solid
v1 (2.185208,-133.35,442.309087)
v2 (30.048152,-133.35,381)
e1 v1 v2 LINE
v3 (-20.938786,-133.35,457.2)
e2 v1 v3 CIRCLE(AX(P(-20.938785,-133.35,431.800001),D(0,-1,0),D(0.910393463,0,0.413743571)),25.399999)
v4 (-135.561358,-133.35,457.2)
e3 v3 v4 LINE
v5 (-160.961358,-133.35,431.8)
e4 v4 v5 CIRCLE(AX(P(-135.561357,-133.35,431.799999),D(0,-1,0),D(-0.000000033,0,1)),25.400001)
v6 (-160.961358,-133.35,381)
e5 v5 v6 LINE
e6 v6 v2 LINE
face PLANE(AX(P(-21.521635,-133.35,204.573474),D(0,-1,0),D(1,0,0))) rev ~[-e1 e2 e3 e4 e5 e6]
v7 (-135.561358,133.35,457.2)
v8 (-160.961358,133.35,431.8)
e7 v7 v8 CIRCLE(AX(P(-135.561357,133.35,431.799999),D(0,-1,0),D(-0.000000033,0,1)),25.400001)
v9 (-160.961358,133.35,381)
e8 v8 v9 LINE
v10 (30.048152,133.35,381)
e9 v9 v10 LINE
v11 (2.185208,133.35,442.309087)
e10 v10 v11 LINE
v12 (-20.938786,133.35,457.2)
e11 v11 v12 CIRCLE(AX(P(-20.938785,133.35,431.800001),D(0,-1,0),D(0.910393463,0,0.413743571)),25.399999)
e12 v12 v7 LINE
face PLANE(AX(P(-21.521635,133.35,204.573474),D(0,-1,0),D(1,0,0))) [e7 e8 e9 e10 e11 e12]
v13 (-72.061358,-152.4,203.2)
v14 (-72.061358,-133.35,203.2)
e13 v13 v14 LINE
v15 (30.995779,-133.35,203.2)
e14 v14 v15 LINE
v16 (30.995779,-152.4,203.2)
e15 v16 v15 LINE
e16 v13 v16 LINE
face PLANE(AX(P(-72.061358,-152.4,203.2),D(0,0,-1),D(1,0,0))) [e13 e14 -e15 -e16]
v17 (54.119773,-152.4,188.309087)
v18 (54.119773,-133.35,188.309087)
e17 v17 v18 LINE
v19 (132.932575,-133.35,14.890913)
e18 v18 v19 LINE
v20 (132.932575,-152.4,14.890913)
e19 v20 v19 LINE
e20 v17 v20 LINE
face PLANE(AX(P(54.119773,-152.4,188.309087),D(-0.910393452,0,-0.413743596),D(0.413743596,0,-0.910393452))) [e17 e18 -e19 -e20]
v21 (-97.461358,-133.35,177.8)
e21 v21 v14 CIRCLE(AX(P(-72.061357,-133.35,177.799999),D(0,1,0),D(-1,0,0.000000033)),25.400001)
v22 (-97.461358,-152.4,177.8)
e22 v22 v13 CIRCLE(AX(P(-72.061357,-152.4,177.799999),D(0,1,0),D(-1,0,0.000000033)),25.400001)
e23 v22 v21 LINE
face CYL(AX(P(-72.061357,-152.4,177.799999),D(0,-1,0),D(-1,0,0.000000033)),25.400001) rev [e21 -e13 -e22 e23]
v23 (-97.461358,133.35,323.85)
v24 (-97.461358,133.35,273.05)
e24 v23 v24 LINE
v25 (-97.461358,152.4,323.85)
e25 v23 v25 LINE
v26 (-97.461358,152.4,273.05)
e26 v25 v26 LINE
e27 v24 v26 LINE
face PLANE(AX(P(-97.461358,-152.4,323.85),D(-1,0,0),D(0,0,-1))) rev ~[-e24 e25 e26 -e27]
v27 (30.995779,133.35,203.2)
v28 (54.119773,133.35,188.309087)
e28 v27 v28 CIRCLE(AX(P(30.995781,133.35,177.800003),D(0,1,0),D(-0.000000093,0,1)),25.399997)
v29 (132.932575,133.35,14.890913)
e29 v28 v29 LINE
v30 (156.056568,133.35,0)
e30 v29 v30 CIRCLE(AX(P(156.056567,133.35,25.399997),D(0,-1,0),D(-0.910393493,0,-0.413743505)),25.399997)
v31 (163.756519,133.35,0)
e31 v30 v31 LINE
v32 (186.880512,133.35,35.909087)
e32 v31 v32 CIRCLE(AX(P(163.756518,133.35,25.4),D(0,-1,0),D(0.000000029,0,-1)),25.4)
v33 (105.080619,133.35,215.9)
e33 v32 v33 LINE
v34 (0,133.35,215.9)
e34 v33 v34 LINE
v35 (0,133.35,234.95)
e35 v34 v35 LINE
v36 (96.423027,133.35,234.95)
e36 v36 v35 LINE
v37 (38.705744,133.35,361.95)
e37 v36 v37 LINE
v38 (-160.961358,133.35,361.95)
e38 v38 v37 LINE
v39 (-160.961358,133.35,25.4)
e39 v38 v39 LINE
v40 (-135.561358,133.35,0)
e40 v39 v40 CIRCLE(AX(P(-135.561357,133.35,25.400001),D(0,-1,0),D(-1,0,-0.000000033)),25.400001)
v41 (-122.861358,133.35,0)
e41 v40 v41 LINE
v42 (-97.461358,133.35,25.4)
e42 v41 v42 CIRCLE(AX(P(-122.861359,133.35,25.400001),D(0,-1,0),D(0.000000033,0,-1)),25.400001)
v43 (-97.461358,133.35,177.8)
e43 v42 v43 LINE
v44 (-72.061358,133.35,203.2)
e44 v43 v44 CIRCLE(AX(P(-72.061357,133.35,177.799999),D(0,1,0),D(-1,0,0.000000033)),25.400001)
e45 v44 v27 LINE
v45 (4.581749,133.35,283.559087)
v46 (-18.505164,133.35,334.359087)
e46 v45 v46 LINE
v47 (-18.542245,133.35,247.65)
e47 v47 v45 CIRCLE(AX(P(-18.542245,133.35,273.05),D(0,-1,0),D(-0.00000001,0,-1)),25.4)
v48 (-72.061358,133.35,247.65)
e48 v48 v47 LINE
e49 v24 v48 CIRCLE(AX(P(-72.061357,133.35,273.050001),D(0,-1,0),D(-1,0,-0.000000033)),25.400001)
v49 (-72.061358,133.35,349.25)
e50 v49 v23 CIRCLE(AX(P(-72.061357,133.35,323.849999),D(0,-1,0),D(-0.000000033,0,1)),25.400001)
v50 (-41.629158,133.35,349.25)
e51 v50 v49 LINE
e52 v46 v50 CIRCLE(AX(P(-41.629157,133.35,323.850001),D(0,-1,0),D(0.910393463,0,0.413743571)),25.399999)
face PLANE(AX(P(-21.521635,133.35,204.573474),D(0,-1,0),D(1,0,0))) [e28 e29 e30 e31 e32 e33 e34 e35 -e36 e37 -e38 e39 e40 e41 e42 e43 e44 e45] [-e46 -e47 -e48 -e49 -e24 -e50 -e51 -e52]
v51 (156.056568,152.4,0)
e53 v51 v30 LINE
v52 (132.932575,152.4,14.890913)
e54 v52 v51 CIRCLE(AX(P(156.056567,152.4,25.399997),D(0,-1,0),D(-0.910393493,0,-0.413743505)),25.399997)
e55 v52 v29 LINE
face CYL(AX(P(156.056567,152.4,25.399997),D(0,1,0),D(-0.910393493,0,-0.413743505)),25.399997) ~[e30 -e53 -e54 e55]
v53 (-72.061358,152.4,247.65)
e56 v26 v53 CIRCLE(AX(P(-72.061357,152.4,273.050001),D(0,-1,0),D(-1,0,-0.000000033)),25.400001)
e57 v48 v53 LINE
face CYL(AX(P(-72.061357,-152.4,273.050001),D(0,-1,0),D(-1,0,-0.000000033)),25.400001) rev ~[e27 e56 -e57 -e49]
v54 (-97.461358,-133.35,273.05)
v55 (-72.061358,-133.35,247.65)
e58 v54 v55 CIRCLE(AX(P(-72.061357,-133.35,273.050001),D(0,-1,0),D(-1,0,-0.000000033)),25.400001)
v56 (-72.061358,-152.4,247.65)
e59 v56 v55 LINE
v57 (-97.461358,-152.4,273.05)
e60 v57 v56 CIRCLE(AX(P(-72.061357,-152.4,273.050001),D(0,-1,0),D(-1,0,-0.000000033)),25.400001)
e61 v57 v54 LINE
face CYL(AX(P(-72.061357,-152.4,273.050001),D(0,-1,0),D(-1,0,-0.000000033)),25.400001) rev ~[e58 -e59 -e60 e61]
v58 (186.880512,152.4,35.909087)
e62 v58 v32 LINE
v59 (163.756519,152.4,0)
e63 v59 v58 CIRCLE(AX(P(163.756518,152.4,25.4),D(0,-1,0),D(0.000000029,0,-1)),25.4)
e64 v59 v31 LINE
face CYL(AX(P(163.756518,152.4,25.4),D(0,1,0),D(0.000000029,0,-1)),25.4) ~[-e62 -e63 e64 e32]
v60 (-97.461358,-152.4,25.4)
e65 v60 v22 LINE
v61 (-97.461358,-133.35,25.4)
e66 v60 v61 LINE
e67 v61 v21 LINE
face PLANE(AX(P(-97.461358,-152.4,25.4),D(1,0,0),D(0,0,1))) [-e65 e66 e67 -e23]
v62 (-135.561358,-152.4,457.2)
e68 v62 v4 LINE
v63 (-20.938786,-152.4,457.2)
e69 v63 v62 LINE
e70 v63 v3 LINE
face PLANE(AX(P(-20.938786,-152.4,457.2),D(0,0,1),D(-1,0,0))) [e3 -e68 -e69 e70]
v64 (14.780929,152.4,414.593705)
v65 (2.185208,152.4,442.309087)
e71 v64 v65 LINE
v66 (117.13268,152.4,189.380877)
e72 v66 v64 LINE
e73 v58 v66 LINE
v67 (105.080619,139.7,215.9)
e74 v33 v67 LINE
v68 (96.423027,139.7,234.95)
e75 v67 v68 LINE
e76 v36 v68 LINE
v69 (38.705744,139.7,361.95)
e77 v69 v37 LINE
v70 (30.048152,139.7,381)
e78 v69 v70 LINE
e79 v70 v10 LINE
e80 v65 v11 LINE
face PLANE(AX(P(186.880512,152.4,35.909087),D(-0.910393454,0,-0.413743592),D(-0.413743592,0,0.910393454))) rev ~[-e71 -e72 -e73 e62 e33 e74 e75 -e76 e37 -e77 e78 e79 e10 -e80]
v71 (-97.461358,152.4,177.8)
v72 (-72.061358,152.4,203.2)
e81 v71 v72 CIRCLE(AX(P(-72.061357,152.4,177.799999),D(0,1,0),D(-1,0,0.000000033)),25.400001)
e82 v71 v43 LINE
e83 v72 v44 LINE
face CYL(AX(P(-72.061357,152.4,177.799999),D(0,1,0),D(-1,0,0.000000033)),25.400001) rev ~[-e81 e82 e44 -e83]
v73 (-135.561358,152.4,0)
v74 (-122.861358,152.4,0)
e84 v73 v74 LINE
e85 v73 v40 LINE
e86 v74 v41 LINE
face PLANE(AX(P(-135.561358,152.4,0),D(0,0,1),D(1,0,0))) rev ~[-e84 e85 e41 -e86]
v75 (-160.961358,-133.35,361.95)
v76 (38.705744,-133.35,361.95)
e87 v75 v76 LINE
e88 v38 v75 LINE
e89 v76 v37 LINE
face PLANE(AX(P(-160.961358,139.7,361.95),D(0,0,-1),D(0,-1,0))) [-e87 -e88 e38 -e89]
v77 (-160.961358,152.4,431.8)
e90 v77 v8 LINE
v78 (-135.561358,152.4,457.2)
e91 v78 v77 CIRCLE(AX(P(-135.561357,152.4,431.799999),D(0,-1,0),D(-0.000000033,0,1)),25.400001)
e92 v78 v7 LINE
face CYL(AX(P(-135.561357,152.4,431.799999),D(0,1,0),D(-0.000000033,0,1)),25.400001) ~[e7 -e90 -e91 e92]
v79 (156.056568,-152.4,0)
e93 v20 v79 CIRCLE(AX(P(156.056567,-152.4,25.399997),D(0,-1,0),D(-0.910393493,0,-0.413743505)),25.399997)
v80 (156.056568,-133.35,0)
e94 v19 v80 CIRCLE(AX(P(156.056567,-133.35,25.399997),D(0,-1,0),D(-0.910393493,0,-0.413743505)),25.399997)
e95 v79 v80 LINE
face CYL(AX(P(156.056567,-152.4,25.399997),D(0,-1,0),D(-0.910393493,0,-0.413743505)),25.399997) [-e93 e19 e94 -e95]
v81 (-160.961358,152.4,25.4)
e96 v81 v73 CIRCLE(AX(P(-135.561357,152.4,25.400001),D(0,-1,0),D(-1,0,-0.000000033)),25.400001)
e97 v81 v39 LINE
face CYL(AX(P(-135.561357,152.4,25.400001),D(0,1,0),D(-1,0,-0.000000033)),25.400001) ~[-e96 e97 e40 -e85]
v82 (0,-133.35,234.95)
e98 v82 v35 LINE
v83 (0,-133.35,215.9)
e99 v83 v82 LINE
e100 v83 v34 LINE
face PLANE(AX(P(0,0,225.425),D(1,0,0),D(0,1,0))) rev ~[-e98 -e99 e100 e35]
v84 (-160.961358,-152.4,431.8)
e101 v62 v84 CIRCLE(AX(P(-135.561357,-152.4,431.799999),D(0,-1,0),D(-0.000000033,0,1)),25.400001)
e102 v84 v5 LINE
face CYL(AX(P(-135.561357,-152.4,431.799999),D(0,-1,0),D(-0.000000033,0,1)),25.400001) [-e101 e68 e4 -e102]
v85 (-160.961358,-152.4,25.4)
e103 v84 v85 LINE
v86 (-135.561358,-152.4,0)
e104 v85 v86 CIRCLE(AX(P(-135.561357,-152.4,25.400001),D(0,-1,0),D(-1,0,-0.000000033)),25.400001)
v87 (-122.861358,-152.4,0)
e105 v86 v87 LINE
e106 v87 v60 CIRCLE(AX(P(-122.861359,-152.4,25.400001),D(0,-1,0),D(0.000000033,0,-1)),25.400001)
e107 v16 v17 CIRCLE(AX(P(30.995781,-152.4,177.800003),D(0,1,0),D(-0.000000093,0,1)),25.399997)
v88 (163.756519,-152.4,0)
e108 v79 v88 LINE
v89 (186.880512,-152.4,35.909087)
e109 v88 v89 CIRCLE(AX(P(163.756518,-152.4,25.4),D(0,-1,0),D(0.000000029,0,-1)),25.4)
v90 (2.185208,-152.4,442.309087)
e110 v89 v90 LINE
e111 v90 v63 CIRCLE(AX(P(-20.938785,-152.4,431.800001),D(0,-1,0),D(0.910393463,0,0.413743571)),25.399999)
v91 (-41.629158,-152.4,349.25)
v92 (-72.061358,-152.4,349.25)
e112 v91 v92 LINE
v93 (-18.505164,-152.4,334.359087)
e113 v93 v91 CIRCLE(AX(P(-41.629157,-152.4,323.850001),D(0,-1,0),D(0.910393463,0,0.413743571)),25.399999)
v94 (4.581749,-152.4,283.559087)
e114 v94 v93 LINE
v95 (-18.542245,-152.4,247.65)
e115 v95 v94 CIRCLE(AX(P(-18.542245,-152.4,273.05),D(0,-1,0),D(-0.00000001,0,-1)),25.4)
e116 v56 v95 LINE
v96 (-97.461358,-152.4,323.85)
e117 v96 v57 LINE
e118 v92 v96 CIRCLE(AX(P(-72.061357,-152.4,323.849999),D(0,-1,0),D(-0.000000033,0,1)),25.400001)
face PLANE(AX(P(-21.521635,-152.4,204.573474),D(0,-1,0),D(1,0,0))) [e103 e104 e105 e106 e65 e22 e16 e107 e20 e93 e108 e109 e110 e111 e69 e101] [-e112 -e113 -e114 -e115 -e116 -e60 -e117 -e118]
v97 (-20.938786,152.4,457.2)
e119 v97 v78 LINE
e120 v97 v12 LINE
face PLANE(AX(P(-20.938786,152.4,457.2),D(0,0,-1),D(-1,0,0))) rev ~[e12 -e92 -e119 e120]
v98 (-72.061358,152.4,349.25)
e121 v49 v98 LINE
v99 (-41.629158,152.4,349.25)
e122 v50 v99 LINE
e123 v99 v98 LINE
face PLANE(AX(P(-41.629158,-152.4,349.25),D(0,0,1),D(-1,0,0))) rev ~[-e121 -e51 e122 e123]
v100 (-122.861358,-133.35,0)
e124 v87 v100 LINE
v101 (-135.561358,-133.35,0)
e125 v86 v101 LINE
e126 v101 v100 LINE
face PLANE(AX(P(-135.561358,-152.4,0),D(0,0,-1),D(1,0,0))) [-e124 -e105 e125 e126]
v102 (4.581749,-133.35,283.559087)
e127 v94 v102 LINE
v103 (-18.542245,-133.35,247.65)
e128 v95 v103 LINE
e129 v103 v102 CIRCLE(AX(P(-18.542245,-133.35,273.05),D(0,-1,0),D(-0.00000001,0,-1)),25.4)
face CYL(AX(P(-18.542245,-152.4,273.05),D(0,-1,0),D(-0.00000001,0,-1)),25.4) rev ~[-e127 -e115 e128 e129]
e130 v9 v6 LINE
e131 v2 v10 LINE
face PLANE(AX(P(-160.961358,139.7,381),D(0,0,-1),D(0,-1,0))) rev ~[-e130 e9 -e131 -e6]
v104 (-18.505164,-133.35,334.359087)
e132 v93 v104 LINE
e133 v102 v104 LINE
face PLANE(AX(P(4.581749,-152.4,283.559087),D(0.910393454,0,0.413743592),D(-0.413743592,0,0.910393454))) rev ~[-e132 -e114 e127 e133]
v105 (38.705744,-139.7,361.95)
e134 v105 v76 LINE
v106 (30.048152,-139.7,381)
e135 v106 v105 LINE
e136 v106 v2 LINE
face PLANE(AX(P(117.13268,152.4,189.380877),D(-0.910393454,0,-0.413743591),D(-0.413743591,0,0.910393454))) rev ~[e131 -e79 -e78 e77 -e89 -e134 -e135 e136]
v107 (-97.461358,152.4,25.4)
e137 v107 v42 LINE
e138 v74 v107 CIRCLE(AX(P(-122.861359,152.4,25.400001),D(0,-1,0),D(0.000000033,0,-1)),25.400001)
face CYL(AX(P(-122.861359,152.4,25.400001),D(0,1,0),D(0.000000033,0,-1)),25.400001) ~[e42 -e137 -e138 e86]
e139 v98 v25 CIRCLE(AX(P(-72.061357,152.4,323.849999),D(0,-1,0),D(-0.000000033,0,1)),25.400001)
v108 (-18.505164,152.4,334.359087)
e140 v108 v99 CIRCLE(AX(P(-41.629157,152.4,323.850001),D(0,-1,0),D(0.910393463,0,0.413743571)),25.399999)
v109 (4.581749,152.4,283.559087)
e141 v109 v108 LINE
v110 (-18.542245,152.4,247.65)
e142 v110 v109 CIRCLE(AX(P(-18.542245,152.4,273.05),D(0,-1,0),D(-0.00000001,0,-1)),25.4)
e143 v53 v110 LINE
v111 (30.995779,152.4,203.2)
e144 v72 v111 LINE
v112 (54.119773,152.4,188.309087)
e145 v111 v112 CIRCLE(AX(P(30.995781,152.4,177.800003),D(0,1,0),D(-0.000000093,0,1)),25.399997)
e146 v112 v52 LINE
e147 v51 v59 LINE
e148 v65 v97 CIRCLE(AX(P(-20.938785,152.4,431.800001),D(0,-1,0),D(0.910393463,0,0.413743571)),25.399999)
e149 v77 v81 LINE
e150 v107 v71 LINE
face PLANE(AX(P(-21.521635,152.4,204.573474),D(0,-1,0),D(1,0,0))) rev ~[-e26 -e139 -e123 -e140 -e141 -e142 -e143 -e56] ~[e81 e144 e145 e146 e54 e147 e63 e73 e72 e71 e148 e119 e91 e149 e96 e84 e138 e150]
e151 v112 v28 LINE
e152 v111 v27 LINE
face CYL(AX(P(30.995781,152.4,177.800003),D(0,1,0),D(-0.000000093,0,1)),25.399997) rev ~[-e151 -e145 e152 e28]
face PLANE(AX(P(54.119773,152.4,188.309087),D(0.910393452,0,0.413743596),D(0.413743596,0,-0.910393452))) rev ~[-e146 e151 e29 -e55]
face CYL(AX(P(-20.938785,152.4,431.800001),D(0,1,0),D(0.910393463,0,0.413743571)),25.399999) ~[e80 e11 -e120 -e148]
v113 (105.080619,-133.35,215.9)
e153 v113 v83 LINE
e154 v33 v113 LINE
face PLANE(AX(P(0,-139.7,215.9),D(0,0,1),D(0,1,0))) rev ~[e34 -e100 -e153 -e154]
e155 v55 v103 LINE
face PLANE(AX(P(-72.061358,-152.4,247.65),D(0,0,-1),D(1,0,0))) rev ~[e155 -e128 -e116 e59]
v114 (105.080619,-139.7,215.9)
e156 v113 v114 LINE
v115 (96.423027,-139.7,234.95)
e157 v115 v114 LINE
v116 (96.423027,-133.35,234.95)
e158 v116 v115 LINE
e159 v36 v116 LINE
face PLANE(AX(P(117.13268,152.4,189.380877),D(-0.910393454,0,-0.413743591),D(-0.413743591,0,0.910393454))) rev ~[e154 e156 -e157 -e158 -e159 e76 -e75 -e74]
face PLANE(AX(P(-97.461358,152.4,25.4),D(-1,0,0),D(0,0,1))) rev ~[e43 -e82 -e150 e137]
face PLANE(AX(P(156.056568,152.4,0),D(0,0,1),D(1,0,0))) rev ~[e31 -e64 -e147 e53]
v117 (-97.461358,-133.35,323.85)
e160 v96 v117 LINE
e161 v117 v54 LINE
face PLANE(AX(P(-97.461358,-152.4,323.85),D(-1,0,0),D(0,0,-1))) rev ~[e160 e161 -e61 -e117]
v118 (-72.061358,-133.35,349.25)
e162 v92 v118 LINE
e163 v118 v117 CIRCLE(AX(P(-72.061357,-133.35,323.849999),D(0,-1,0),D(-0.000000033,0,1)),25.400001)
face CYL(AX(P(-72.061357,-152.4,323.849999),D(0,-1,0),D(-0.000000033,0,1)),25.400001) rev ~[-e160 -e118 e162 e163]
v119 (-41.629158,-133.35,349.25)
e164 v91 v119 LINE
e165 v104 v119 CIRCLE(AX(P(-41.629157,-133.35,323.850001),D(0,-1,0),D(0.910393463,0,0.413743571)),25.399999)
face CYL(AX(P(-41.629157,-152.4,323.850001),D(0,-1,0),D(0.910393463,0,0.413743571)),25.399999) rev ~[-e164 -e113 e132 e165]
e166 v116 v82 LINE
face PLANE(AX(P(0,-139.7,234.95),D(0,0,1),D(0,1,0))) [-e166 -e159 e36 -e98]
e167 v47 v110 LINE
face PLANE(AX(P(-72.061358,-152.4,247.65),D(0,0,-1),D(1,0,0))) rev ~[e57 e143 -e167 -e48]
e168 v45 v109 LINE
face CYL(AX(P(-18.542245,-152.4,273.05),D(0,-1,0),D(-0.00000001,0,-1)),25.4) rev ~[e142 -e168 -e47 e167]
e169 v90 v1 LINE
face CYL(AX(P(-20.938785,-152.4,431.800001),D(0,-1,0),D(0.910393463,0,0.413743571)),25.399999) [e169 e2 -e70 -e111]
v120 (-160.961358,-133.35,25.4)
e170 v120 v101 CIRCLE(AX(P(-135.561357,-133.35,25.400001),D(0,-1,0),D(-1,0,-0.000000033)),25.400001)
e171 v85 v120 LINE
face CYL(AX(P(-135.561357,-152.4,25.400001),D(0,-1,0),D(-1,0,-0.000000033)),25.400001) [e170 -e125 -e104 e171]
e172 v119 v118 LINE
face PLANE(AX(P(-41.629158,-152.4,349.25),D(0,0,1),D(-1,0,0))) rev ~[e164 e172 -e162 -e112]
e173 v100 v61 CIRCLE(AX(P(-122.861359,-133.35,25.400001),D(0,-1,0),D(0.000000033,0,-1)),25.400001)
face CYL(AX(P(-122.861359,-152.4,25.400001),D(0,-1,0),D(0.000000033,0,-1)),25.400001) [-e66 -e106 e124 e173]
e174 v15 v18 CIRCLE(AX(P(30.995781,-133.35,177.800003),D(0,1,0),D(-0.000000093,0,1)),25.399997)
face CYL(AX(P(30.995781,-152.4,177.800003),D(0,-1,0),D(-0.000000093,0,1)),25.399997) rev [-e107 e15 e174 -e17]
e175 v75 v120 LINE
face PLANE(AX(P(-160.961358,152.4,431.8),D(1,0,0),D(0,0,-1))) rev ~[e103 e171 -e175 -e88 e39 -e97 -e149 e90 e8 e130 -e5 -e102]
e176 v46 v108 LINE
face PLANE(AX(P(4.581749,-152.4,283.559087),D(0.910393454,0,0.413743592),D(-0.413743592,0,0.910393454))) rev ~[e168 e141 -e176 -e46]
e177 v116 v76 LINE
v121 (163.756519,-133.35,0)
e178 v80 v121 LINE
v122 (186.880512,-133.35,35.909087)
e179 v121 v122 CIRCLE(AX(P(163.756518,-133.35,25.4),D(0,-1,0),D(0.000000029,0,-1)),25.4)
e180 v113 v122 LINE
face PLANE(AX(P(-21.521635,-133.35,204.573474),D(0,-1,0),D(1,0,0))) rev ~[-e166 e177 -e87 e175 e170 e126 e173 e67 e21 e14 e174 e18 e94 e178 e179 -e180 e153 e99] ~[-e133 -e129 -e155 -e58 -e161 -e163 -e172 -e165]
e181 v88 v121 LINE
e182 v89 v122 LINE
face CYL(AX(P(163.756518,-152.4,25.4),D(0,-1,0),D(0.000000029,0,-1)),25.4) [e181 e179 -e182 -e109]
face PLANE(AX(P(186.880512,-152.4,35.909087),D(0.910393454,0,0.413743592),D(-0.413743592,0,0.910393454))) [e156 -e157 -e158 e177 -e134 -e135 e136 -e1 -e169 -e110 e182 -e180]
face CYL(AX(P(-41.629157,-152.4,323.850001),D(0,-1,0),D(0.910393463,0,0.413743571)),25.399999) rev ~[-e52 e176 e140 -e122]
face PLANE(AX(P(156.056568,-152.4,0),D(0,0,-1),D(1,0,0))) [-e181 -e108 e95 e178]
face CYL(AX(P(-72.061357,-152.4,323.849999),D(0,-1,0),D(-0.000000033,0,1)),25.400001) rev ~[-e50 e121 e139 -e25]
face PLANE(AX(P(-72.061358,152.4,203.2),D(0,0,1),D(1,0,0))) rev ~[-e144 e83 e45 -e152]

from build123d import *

# Parameters (mm, degrees)
F5_DEPTH  = 19.05
F6_DEPTH  = 19.05
F7_W      = 279.4
F7_H      = 19.05
F8_DEPTH  = 112.776
F9_W      = 279.4
F9_H      = 19.05
F10_DEPTH = 209.804
F12_DEPTH = 375.92
F15_DEPTH = 313.436


with BuildPart() as f5:
    # F4 (on offset) → F5 (new body)
    with BuildSketch(Plane.XZ.offset(152.4)):
        with BuildLine():
            Line((156.056568, 0), (163.756519, 0))
            ThreePointArc((163.756519, 0), (185.111738, 11.648106), (186.880512, 35.909087))
            Line((186.880512, 35.909087), (2.185208, 442.309087))
            ThreePointArc((2.185208, 442.309087), (-7.186892, 453.15522), (-20.938786, 457.2))
            Line((-20.938786, 457.2), (-135.561358, 457.2))
            ThreePointArc((-135.561358, 457.2), (-153.52187, 449.760512), (-160.961358, 431.8))
            Line((-160.961358, 431.8), (-160.961358, 25.4))
            ThreePointArc((-160.961358, 25.4), (-153.52187, 7.439488), (-135.561358, 0))
            Line((-135.561358, 0), (-122.861358, 0))
            ThreePointArc((-122.861358, 0), (-104.900846, 7.439488), (-97.461358, 25.4))
            Line((-97.461358, 25.4), (-97.461358, 177.8))
            ThreePointArc((-97.461358, 177.8), (-90.02187, 195.760512), (-72.061358, 203.2))
            Line((-72.061358, 203.2), (30.995779, 203.2))
            ThreePointArc((30.995779, 203.2), (44.747674, 199.15522), (54.119773, 188.309087))
            Line((54.119773, 188.309087), (132.932575, 14.890913))
            ThreePointArc((132.932575, 14.890913), (142.304674, 4.04478), (156.056568, 0))
        make_face()
    extrude(amount=-F5_DEPTH)



with BuildPart() as f6:
    # F3 (on offset) → F6 (new body)
    with BuildSketch(Plane.XZ.offset(-152.4)):
        with BuildLine():
            Line((156.056568, 0), (163.756519, 0))
            ThreePointArc((163.756519, 0), (185.111738, 11.648106), (186.880512, 35.909087))
            Line((186.880512, 35.909087), (2.185208, 442.309087))
            ThreePointArc((2.185208, 442.309087), (-7.186892, 453.15522), (-20.938786, 457.2))
            Line((-20.938786, 457.2), (-135.561358, 457.2))
            ThreePointArc((-135.561358, 457.2), (-153.52187, 449.760512), (-160.961358, 431.8))
            Line((-160.961358, 431.8), (-160.961358, 25.4))
            ThreePointArc((-160.961358, 25.4), (-153.52187, 7.439488), (-135.561358, 0))
            Line((-135.561358, 0), (-122.861358, 0))
            ThreePointArc((-122.861358, 0), (-104.900846, 7.439488), (-97.461358, 25.4))
            Line((-97.461358, 25.4), (-97.461358, 177.8))
            ThreePointArc((-97.461358, 177.8), (-90.02187, 195.760512), (-72.061358, 203.2))
            Line((-72.061358, 203.2), (30.995779, 203.2))
            ThreePointArc((30.995779, 203.2), (44.747674, 199.15522), (54.119773, 188.309087))
            Line((54.119773, 188.309087), (132.932575, 14.890913))
            ThreePointArc((132.932575, 14.890913), (142.304674, 4.04478), (156.056568, 0))
        make_face()
    extrude(amount=F6_DEPTH)


with BuildPart() as f5_1:
    add(f5.part)

    add(f6.part)  # F8 merges F6
    # F7 (on Right) → F8 (join)
    with BuildSketch(Plane.YZ):
        with Locations((0, 225.425)):
            Rectangle(F7_W, F7_H)
    extrude(amount=F8_DEPTH)

    # F9 (on face) → F10 (join)
    with BuildSketch(Plane(origin=(-160.961358, 0, 0), x_dir=(0, -1, 0), z_dir=(-1, 0, 0))):
        with Locations((0, 371.475)):
            Rectangle(F9_W, F9_H)
    extrude(amount=-F10_DEPTH)

    # F11 (on face) → F12 (cut)
    with BuildSketch(Plane(origin=(0, 152.4, 0), x_dir=(-1, 0, 0), z_dir=(0, 1, 0))):
        Polygon((-117.13268, 189.380877), (-14.780929, 414.593705), (-39.657071, 420.538783), (-147.453333, 203.160607), align=None)
    extrude(amount=-F12_DEPTH, mode=Mode.SUBTRACT)

    # F14 (on face) → F15 (cut)
    with BuildSketch(Plane.XZ.offset(152.4)):
        with BuildLine():
            ThreePointArc((-18.542245, 247.65), (2.812975, 259.298106), (4.581749, 283.559087))
            Line((4.581749, 283.559087), (-18.505164, 334.359087))
            ThreePointArc((-18.505164, 334.359087), (-27.877264, 345.20522), (-41.629158, 349.25))
            Line((-41.629158, 349.25), (-72.061358, 349.25))
            ThreePointArc((-72.061358, 349.25), (-90.02187, 341.810512), (-97.461358, 323.85))
            Line((-97.461358, 323.85), (-97.461358, 273.05))
            ThreePointArc((-97.461358, 273.05), (-90.02187, 255.089488), (-72.061358, 247.65))
            Line((-72.061358, 247.65), (-18.542245, 247.65))
        make_face()
    extrude(amount=-F15_DEPTH, mode=Mode.SUBTRACT)


solid = f5_1.part
